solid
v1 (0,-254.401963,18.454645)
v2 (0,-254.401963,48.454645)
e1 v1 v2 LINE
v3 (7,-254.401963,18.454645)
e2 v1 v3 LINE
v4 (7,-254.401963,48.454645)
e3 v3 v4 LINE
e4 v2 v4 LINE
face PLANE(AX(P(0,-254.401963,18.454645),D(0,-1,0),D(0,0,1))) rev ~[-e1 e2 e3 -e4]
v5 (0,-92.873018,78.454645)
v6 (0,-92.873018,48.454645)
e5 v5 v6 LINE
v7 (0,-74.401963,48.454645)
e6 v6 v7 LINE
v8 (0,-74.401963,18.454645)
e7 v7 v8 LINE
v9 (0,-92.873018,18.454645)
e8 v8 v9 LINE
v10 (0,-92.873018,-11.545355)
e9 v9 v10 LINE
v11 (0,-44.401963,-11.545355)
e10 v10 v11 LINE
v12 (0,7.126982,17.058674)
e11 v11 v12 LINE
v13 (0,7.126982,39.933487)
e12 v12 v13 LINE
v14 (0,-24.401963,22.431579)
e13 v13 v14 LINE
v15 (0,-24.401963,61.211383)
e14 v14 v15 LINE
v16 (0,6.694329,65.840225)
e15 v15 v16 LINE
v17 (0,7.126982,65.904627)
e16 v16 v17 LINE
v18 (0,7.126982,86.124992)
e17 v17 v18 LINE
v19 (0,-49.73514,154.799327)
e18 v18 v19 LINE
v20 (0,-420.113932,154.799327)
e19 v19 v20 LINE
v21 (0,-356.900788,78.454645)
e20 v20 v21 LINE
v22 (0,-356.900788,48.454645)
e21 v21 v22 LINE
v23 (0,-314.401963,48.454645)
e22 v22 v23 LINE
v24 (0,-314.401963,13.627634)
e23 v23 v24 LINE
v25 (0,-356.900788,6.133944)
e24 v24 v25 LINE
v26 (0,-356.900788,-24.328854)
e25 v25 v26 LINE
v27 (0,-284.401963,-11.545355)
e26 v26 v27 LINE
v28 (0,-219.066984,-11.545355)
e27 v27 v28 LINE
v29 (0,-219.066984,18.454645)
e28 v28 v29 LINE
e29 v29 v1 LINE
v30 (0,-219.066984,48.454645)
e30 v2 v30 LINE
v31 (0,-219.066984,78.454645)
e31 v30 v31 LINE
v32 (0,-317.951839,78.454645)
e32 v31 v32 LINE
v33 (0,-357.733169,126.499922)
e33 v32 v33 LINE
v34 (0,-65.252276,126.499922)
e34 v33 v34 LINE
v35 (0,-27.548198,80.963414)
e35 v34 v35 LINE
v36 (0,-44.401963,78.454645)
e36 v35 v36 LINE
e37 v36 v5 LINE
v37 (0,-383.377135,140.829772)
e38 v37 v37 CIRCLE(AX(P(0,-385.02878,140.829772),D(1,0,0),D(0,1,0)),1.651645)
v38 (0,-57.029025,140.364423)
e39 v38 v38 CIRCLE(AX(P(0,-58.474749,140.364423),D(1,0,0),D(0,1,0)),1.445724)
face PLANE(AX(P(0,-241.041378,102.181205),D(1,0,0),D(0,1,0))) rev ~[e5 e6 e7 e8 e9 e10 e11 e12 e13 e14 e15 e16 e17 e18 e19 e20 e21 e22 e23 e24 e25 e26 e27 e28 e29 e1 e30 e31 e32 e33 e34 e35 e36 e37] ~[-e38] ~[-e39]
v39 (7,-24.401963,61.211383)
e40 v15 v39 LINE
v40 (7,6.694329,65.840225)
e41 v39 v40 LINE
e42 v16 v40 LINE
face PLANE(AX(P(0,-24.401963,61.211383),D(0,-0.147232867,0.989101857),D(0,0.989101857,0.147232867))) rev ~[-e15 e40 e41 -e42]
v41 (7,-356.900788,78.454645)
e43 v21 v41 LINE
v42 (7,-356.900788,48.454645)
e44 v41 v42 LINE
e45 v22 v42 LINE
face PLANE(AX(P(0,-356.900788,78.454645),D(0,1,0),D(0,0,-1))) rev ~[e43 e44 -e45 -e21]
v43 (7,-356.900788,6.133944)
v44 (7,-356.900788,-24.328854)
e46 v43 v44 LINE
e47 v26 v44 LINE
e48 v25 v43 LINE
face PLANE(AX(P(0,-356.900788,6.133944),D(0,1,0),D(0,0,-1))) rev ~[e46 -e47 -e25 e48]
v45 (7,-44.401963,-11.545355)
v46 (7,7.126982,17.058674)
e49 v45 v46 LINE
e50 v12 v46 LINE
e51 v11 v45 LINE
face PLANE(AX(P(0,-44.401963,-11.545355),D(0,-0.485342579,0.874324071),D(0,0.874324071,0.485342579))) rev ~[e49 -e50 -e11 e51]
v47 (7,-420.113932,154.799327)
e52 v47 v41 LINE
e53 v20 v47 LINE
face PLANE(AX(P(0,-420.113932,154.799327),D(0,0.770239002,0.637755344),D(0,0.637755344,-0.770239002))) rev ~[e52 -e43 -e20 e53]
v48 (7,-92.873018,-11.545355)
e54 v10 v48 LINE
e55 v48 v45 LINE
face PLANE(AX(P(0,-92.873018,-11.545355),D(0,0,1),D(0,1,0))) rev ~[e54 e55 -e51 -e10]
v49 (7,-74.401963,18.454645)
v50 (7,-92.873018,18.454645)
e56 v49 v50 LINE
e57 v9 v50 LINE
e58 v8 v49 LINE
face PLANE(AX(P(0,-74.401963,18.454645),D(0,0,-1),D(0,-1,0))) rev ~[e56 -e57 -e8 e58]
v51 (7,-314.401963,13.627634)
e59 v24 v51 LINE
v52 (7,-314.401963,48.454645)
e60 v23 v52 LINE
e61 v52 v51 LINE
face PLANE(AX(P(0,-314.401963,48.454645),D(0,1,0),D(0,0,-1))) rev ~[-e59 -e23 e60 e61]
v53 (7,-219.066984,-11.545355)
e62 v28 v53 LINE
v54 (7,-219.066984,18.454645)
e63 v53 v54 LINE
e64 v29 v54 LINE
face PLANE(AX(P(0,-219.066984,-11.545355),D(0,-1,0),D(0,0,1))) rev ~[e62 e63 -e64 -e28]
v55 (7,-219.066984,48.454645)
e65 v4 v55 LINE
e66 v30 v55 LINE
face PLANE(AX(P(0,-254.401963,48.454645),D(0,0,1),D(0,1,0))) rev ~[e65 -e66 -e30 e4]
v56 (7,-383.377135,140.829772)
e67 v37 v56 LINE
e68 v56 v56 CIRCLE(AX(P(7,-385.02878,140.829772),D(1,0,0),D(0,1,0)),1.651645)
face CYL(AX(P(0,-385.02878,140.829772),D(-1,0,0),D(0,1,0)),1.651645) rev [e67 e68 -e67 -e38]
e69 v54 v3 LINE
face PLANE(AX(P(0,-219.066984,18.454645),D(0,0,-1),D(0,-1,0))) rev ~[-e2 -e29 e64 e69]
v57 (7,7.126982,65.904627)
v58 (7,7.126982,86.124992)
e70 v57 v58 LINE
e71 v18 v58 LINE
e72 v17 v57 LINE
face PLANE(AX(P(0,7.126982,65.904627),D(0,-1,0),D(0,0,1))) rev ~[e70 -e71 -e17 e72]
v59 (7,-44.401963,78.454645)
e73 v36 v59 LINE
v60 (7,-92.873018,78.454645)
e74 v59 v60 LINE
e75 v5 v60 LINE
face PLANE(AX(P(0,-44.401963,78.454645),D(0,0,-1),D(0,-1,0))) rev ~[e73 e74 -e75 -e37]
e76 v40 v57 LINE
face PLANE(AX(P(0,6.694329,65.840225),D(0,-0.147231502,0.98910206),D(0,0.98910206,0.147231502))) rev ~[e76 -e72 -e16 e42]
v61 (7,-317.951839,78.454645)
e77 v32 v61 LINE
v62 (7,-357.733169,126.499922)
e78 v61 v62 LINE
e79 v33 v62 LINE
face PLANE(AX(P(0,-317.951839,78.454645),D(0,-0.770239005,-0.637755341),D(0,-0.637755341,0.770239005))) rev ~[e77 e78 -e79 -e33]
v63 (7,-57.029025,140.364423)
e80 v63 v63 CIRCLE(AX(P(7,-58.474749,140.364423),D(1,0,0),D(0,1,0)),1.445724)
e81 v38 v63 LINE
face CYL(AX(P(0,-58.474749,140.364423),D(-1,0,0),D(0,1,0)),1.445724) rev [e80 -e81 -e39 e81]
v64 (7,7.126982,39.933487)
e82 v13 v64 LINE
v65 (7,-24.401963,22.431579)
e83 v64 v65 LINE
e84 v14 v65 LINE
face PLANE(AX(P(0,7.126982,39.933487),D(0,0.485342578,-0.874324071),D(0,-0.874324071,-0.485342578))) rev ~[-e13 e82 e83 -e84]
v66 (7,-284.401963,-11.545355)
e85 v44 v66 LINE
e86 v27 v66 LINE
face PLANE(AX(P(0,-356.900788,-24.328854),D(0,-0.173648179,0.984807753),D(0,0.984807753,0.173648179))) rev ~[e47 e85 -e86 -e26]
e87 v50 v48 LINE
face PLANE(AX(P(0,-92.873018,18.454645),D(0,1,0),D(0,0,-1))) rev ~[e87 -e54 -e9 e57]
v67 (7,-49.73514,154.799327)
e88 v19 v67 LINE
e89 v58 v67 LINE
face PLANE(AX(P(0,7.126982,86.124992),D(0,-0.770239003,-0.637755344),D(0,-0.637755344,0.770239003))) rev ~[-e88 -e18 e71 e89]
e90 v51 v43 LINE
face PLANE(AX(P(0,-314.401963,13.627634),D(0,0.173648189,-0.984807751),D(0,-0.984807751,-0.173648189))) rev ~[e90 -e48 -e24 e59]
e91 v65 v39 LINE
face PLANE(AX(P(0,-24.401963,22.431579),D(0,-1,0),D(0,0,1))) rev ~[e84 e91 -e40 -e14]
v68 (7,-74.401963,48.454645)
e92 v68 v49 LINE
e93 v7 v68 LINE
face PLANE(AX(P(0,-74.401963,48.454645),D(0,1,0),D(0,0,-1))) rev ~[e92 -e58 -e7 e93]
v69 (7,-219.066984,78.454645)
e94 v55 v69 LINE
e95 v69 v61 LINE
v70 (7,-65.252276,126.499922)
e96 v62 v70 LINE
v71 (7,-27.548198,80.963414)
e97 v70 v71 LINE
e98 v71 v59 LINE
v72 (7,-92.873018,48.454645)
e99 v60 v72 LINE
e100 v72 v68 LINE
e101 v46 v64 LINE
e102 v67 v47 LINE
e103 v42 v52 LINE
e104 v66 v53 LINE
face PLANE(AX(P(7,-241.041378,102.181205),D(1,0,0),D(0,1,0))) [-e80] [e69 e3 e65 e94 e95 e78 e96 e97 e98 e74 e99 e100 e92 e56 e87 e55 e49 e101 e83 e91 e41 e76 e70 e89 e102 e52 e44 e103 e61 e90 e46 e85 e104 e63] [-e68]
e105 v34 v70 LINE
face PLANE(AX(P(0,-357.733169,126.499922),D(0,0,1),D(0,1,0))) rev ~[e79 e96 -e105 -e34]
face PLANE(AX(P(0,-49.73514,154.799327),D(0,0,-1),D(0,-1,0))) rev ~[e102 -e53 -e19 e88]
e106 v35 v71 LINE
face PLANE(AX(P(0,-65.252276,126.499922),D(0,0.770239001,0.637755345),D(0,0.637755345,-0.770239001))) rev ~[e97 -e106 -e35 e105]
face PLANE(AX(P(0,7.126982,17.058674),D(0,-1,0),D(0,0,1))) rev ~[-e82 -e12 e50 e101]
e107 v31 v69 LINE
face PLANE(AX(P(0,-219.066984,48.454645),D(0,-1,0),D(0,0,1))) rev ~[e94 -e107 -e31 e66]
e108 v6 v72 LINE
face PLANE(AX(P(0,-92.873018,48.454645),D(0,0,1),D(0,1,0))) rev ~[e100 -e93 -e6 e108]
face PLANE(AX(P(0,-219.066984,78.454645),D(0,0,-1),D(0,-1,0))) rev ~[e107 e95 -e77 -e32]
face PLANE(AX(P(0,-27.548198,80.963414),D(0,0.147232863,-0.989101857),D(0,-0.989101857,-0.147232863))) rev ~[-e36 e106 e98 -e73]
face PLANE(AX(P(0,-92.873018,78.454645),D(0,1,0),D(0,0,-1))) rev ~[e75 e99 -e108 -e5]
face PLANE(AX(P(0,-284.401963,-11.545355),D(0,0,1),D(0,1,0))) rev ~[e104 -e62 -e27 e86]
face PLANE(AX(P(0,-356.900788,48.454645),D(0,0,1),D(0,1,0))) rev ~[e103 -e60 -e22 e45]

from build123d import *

# Parameters (mm, degrees)
F0_R     = 1.651645
F0_R_2   = 1.445724
F1_DEPTH = 7


with BuildPart() as f1:
    # F0 (on Right) → F1 (new body)
    with BuildSketch(Plane.YZ):
        Polygon((-356.900788, 6.133944), (-356.900788, -24.328854), (-284.401963, -11.545355), (-284.401963, 78.454645), (-317.951839, 78.454645), (-357.733169, 126.499922), (-123.132242, 126.499922), (-65.252276, 126.499922), (-27.548198, 80.963414), (7.126982, 86.124992), (-49.73514, 154.799327), (-420.113932, 154.799327), (-356.900788, 78.454645), (-356.900788, 48.454645), (-314.401963, 48.454645), (-314.401963, 13.627634), align=None)
        with Locations((-385.02878, 140.829772)):
            Circle(F0_R, mode=Mode.SUBTRACT)
        with Locations((-58.474749, 140.364423)):
            Circle(F0_R_2, mode=Mode.SUBTRACT)
        Polygon((-284.401963, 78.454645), (-284.401963, -11.545355), (-219.066984, -11.545355), (-219.066984, 18.454645), (-254.401963, 18.454645), (-254.401963, 48.454645), (-219.066984, 48.454645), (-219.066984, 78.454645), align=None)
        Polygon((-44.401963, -11.545355), (-44.401963, 78.454645), (-92.873018, 78.454645), (-92.873018, 48.454645), (-74.401963, 48.454645), (-74.401963, 18.454645), (-92.873018, 18.454645), (-92.873018, -11.545355), align=None)
        Polygon((7.126982, 86.124992), (-27.548198, 80.963414), (-44.401963, 78.454645), (-44.401963, -11.545355), (7.126982, 17.058674), (7.126982, 39.933487), (-24.401963, 22.431579), (-24.401963, 61.211383), (6.694329, 65.840225), (7.126982, 65.904627), align=None)
    extrude(amount=F1_DEPTH)


solid = f1.part
